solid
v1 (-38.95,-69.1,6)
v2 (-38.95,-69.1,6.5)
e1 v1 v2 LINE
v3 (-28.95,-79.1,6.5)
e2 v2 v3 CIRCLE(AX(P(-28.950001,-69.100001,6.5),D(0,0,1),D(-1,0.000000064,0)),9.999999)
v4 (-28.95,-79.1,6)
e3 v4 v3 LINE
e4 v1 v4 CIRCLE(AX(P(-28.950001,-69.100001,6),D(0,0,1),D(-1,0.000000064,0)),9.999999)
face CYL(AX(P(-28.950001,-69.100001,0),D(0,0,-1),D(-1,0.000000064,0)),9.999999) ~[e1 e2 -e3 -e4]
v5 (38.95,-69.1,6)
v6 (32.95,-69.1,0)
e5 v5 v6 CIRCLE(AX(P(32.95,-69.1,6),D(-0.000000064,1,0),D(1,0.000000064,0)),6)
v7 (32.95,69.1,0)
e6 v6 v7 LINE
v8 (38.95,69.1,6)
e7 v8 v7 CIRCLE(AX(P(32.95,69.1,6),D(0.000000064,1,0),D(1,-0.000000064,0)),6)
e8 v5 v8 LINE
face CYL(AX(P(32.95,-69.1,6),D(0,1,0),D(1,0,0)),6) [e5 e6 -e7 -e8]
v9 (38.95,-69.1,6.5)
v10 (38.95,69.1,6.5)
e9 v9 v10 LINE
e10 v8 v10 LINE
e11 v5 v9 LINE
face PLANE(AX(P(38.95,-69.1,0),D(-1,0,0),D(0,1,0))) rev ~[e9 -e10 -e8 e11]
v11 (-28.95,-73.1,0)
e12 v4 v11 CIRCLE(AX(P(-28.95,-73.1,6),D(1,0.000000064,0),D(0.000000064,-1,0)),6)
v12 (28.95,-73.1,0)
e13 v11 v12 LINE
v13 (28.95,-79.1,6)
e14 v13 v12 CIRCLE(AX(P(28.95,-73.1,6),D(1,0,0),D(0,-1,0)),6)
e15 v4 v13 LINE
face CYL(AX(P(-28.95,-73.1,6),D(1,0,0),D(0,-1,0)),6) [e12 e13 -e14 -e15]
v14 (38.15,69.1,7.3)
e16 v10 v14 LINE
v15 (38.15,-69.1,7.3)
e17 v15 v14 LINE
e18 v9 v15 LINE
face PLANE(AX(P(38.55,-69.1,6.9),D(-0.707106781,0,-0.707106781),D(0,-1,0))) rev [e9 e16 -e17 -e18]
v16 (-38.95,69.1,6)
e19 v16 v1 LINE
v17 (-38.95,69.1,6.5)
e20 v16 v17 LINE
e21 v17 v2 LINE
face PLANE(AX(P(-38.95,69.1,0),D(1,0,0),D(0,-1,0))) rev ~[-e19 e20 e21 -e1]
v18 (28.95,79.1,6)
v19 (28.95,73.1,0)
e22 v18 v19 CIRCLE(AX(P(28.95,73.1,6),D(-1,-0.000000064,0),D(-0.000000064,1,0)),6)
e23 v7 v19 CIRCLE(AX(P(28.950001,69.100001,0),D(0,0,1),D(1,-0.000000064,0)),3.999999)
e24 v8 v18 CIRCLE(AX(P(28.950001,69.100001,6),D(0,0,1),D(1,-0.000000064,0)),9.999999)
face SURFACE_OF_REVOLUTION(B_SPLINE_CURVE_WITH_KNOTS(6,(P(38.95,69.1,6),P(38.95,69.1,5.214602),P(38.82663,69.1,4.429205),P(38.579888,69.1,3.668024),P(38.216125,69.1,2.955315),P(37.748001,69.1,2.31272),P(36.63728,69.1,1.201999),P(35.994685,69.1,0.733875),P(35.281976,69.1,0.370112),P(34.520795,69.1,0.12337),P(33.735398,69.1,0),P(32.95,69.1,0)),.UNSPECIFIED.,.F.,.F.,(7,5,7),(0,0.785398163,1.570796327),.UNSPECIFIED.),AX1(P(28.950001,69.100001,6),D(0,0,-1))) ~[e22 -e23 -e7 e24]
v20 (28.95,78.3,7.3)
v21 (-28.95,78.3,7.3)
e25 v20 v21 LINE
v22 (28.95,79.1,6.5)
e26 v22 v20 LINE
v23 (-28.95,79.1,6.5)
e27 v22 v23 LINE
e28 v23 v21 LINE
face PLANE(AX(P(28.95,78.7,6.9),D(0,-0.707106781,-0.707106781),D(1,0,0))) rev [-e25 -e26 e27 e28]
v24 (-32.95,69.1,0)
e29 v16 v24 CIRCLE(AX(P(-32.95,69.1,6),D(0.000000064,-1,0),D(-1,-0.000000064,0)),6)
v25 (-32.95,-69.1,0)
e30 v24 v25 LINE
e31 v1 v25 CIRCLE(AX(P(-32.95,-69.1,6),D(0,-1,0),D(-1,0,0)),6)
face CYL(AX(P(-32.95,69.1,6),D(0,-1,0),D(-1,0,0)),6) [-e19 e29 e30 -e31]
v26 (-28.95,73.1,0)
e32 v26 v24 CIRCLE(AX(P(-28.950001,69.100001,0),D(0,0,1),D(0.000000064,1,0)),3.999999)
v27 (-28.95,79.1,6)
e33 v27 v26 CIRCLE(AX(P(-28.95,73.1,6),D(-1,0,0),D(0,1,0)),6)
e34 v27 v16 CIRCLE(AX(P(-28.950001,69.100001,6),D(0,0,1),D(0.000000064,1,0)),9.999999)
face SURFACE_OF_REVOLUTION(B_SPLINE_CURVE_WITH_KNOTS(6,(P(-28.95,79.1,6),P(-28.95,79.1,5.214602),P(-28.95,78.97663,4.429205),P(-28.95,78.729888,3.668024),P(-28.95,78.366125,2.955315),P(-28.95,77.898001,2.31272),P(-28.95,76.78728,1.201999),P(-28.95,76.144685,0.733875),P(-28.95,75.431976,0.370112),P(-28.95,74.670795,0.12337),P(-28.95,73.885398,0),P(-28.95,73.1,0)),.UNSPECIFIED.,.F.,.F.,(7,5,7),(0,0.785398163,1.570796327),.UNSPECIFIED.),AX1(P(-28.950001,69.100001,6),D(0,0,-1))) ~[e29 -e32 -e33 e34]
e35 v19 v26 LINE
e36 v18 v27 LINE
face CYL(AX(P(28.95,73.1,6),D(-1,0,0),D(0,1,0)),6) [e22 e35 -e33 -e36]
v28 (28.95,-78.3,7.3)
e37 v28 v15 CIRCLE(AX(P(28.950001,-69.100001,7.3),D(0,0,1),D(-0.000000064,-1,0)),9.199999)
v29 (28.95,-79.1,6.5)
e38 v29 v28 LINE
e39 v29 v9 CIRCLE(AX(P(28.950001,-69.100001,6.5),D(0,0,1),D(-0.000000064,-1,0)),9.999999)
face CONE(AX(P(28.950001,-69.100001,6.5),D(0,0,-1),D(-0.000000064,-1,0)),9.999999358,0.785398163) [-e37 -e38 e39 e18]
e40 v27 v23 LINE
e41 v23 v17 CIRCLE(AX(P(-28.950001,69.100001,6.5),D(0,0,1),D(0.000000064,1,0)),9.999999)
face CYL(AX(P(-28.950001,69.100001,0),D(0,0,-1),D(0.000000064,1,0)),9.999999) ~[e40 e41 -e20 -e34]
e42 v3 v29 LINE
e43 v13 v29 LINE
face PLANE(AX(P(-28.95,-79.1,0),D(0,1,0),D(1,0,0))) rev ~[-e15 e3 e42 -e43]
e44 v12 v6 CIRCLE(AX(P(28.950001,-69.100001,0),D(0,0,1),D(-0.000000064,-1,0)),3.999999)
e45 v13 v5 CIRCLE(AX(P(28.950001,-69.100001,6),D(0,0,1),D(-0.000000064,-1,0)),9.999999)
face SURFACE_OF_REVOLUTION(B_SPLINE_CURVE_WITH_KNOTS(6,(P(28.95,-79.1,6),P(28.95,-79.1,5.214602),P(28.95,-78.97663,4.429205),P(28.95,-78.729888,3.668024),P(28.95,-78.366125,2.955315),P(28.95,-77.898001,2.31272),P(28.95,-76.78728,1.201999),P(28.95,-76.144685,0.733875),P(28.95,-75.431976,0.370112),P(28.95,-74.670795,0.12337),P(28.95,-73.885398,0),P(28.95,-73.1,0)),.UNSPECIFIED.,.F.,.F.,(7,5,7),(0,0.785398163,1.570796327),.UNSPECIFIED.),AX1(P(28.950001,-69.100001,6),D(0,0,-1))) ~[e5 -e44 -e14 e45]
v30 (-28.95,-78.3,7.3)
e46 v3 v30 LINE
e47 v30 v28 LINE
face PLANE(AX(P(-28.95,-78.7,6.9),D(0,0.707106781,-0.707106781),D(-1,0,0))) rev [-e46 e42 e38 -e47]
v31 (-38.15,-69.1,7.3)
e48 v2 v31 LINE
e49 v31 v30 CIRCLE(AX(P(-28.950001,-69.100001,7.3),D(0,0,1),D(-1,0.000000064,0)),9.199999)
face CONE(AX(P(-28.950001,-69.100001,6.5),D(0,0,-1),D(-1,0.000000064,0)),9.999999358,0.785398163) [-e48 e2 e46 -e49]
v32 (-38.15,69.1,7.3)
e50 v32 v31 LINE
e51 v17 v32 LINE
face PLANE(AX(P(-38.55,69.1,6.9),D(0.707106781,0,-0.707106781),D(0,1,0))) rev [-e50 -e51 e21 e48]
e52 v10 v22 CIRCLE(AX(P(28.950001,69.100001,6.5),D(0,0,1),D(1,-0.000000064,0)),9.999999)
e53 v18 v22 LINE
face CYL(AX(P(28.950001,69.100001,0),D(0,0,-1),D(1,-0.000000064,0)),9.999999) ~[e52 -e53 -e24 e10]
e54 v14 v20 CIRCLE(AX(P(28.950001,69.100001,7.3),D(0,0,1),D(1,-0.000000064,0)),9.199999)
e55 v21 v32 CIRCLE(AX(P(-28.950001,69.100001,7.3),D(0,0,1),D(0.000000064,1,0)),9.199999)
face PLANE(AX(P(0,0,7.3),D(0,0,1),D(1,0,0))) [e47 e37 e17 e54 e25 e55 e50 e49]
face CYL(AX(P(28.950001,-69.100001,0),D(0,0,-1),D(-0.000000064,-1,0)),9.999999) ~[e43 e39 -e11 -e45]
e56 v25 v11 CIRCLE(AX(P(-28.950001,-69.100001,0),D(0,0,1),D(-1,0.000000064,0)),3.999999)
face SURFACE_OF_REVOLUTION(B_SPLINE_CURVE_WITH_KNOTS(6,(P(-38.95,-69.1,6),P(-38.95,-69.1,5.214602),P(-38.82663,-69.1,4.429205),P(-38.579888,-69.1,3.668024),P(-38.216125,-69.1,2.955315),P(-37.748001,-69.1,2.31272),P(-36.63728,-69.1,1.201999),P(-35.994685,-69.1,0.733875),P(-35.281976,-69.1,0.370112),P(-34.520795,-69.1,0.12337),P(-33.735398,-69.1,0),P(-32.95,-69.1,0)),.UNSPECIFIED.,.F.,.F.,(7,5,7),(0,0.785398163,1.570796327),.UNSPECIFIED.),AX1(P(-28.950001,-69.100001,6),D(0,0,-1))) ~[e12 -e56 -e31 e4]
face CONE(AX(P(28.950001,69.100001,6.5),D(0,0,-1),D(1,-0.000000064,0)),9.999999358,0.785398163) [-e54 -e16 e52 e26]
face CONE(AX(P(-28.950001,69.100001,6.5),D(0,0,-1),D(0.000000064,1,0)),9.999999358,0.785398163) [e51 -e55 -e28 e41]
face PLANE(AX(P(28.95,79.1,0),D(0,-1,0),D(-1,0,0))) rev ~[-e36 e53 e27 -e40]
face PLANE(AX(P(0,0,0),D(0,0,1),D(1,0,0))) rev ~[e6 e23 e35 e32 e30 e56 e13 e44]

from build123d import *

# Parameters (mm, degrees)
F1_DEPTH = 7.3
F2_R     = 6
F3_SIZE  = 0.8


with BuildPart() as f1:
    # F0 (on Top) → F1 (new body)
    with BuildSketch(Plane.XY):
        with BuildLine():
            Line((28.95, 79.1), (-28.95, 79.1))
            ThreePointArc((-28.95, 79.1), (-36.021068, 76.171068), (-38.95, 69.1))
            Line((-38.95, 69.1), (-38.95, -69.1))
            ThreePointArc((-38.95, -69.1), (-36.021068, -76.171068), (-28.95, -79.1))
            Line((-28.95, -79.1), (28.95, -79.1))
            ThreePointArc((28.95, -79.1), (36.021068, -76.171068), (38.95, -69.1))
            Line((38.95, -69.1), (38.95, 69.1))
            ThreePointArc((38.95, 69.1), (36.021068, 76.171068), (28.95, 79.1))
        make_face()
    extrude(amount=F1_DEPTH)

    # F2
    f2_edges = [f1.edges().sort_by_distance(p)[0] for p in [
        (36.021068, 76.171068, 0),
        (0, 79.1, 0),
        (-36.021068, 76.171068, 0),
        (-38.95, 0, 0),
        (-36.021068, -76.171068, 0),
        (0, -79.1, 0),
        (36.021068, -76.171068, 0),
        (38.95, 0, 0),
    ]]
    fillet(f2_edges, radius=F2_R)

    # F3
    f3_edges = [f1.edges().sort_by_distance(p)[0] for p in [
        (36.021068, 76.171068, 7.3),
        (0, 79.1, 7.3),
        (-36.021068, 76.171068, 7.3),
        (-38.95, 0, 7.3),
        (-36.021068, -76.171068, 7.3),
        (0, -79.1, 7.3),
        (36.021068, -76.171068, 7.3),
        (38.95, 0, 7.3),
    ]]
    chamfer(f3_edges, length=F3_SIZE)


solid = f1.part
